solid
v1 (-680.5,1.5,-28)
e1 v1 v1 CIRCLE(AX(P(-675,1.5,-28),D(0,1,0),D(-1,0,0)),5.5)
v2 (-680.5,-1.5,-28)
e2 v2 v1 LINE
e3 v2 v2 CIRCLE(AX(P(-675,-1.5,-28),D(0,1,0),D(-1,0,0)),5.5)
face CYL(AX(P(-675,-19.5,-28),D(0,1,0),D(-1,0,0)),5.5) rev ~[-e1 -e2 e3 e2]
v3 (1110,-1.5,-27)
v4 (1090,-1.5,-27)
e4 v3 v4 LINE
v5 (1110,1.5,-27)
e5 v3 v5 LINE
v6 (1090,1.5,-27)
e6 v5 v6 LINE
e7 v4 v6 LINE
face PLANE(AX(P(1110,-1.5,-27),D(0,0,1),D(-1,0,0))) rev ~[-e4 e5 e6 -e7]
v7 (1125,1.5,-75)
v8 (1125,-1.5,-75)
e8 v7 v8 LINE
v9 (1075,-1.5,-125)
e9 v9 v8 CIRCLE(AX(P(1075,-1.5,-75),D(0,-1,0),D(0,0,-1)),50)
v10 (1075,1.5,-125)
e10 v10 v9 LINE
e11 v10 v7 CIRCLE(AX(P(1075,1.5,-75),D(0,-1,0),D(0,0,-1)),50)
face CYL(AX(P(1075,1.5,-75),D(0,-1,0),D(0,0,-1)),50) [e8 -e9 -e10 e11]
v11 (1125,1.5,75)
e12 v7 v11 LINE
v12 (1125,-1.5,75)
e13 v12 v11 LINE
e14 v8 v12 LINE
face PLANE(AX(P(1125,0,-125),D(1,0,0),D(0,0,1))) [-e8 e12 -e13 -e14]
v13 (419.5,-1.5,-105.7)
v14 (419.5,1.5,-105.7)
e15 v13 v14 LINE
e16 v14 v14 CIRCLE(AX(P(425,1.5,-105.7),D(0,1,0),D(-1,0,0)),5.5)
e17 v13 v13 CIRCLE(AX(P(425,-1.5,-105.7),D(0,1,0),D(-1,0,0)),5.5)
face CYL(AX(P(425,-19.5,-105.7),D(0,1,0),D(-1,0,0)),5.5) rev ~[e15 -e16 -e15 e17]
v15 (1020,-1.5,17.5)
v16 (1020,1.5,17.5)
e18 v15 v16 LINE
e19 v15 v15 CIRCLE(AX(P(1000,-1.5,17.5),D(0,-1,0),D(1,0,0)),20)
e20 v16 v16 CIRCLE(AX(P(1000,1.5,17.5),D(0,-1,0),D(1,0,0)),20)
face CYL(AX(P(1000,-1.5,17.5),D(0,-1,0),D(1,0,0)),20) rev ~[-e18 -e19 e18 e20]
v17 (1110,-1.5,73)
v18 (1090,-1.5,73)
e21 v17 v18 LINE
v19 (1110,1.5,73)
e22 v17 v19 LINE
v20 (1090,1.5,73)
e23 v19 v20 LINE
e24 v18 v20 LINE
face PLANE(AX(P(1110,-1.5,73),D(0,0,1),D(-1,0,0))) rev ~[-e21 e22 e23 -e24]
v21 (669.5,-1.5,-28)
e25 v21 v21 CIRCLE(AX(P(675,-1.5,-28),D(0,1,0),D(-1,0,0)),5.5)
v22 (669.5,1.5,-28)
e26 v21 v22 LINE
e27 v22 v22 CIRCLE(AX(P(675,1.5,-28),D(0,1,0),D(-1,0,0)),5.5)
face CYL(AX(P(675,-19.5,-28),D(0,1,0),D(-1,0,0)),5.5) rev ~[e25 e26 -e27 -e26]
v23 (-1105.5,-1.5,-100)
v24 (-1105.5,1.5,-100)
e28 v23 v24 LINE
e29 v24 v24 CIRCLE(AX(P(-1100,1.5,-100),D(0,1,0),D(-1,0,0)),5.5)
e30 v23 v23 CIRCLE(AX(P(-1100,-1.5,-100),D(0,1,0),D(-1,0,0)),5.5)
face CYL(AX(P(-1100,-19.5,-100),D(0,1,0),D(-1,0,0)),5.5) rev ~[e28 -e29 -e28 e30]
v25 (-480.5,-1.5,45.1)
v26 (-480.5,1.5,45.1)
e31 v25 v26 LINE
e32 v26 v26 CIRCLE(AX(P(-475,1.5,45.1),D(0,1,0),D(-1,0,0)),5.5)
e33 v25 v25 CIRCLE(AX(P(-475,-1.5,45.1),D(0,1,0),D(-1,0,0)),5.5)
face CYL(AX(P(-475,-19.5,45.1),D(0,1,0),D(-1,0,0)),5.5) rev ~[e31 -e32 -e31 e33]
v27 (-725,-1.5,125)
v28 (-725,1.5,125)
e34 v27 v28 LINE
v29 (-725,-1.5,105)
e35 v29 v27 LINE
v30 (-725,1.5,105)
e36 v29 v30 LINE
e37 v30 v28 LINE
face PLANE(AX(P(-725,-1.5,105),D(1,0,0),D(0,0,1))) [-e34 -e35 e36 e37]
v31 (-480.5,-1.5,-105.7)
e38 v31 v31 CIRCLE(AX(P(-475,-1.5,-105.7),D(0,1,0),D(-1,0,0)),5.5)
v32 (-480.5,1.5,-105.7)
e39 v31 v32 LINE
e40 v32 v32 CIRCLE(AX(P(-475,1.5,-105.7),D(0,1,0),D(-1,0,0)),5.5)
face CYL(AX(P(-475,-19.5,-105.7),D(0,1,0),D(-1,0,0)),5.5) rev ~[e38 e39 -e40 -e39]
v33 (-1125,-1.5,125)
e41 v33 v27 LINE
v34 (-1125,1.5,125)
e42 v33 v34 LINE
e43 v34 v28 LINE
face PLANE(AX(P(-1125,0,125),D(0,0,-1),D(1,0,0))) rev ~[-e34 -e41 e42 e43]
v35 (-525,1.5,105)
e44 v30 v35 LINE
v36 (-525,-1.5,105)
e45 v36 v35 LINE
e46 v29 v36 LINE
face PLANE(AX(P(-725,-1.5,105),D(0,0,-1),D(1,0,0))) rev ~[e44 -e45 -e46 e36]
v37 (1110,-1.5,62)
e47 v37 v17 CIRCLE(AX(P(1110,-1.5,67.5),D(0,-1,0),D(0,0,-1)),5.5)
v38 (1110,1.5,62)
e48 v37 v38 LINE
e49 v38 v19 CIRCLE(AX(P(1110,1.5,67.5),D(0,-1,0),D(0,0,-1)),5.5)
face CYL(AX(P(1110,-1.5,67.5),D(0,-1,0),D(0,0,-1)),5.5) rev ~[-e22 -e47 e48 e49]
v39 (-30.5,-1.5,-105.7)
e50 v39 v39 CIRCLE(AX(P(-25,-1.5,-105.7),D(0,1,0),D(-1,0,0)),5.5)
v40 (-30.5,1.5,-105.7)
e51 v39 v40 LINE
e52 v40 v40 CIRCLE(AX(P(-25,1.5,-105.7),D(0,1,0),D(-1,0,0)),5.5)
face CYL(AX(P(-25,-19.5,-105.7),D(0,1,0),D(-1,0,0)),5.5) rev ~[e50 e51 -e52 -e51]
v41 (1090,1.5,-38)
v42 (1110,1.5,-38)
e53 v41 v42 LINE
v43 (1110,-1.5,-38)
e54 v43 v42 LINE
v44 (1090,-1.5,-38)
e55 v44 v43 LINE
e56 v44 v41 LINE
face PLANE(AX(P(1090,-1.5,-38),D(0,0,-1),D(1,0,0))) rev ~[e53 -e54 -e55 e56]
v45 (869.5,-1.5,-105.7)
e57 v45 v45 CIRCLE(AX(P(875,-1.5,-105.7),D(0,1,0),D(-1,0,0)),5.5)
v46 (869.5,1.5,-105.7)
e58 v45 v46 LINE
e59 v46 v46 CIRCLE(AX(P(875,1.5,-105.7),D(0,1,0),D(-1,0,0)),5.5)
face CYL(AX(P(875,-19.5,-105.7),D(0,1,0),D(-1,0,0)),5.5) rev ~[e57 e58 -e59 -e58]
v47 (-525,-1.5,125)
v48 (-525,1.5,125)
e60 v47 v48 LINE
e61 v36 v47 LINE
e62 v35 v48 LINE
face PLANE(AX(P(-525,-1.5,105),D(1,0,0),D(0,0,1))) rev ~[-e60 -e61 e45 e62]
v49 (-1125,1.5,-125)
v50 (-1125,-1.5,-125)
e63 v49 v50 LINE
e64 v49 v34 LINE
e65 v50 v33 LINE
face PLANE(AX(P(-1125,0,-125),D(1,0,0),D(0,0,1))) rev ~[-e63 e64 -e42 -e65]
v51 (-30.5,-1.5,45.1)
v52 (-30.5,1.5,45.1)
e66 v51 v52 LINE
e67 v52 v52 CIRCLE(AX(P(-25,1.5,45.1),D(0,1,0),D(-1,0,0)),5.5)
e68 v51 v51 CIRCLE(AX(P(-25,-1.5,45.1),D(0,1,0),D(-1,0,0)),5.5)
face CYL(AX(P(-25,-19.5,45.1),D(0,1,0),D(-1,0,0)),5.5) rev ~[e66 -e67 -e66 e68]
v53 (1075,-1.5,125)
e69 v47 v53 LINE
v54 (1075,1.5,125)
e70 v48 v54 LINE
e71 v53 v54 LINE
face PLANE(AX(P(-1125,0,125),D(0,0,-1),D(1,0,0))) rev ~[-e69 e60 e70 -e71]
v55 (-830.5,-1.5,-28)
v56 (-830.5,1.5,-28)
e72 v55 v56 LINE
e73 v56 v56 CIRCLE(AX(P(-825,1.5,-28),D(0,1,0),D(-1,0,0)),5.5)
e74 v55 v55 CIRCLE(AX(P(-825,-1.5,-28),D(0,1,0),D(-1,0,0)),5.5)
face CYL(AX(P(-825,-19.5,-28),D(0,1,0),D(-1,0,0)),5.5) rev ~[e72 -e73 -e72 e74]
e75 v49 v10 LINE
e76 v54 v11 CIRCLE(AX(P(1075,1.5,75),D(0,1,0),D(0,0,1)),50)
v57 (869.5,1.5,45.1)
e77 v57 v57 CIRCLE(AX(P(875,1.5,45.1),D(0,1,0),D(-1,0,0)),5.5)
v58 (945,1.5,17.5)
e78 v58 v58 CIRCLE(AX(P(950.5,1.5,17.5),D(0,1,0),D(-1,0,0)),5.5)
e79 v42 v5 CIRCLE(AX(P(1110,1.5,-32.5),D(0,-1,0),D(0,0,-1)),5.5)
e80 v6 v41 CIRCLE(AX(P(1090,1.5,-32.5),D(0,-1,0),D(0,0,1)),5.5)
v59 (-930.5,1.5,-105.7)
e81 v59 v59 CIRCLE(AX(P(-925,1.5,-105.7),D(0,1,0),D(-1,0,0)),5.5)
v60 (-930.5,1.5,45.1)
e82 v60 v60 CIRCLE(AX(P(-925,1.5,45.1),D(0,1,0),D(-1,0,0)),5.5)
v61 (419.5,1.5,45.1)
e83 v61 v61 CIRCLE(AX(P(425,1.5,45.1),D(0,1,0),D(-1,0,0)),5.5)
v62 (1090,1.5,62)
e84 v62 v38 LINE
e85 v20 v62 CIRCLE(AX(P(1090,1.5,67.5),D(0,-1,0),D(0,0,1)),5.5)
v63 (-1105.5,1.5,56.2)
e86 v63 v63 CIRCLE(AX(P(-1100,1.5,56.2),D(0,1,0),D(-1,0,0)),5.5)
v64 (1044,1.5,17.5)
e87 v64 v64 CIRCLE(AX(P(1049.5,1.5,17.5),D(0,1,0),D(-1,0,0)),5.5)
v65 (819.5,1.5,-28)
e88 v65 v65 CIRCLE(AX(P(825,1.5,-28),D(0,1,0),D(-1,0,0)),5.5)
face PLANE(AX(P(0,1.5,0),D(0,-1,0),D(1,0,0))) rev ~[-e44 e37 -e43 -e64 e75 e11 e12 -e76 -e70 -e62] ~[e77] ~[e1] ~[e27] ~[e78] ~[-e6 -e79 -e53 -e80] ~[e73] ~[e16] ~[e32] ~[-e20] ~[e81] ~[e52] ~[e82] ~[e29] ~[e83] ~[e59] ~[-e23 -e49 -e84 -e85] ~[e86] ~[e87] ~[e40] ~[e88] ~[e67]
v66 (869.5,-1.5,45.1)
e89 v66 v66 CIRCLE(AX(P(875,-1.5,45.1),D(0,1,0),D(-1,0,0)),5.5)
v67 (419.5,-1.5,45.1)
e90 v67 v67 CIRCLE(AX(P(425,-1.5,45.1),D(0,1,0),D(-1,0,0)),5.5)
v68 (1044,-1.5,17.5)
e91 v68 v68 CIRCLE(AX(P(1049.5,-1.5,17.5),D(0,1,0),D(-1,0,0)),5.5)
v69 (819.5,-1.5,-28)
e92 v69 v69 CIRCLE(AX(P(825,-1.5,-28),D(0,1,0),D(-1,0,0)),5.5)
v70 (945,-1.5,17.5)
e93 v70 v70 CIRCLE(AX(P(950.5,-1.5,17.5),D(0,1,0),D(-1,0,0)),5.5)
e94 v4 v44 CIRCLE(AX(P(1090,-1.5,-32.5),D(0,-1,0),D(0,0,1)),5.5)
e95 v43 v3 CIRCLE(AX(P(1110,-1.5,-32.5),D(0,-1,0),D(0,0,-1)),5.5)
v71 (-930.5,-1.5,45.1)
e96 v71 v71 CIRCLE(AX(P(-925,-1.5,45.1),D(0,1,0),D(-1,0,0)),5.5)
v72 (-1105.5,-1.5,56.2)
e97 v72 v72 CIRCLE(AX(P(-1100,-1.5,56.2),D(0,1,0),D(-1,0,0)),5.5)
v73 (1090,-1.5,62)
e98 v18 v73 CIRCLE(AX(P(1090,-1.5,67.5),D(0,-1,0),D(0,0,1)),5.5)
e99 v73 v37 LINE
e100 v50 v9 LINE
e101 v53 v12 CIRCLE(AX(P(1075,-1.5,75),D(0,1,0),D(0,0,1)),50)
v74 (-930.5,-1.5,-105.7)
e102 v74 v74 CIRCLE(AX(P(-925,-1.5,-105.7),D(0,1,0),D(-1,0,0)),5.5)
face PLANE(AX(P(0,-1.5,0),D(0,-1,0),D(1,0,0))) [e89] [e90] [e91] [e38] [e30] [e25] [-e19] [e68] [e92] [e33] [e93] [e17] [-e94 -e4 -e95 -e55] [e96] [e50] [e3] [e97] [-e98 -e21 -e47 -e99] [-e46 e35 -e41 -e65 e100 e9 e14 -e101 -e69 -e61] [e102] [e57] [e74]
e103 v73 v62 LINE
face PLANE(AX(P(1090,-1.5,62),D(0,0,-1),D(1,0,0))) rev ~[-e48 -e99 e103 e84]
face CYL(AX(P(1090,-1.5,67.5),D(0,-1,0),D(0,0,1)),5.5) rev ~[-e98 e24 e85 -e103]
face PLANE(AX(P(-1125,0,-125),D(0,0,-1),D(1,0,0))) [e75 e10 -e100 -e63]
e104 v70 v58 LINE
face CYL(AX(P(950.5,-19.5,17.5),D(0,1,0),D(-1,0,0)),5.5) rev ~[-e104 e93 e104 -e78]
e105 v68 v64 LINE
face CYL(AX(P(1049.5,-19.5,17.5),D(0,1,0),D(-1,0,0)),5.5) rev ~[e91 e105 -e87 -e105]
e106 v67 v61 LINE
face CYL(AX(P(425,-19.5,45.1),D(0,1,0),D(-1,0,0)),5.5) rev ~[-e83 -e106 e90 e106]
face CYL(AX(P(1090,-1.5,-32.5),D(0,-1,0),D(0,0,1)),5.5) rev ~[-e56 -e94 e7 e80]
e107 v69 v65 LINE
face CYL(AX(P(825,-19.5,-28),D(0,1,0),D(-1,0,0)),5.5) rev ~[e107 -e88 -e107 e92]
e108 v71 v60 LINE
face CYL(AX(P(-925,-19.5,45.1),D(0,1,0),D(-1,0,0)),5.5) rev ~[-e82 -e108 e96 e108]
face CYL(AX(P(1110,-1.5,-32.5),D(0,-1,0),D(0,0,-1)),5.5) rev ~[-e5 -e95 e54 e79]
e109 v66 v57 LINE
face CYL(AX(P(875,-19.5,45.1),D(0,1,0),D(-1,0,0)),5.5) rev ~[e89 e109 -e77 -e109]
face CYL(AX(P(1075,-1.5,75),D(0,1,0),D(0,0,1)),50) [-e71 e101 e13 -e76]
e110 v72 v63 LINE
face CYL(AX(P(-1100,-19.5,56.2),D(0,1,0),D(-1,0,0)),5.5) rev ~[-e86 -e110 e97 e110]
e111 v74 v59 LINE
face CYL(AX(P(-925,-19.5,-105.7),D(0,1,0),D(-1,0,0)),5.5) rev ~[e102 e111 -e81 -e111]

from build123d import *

# Parameters (mm, degrees)
F0_W      = 2250
F0_H      = 250
F1_DEPTH  = 1.5
F3_D      = 11
F3_DEPTH  = 18
F3_TIP    = 3.3047334047
F5_DEPTH  = 3.001
F6_R      = 20
F7_DEPTH  = 3.001
F9_D      = 11
F9_DEPTH  = 18
F9_TIP    = 3.3047334047
F10_R     = 50
F11_W     = 200
F11_H     = 20
F12_DEPTH = 3.001


with BuildPart() as f1:
    # F0 (on Front) → F1 (new body, symmetric)
    with BuildSketch(Plane.XZ):
        Rectangle(F0_W, F0_H)
    extrude(amount=F1_DEPTH, both=True)

    # F3
    with Locations(Plane.XZ.offset(1.5)):
        with Locations((-1100, 56.2), (-1100, -100), (-925, -105.7), (-925, 45.1), (675, -28), (825, -28), (875, -105.7), (875, 45.1), (-475, 45.1), (-475, -105.7), (-25, -105.7), (-25, 45.1), (425, 45.1), (425, -105.7), (-825, -28), (-675, -28)):
            Hole(F3_D / 2, depth=F3_DEPTH)
            with Locations((0, 0, -(F3_DEPTH + F3_TIP / 2))):  # 118° drill point
                Cone(0, F3_D / 2, F3_TIP, mode=Mode.SUBTRACT)

    # F4 (on face) → F5 (cut, through all)
    with BuildSketch(Plane.XZ.offset(1.5)):
        with BuildLine():
            ThreePointArc((1110, 62), (1115.5, 67.5), (1110, 73))
            Line((1110, 73), (1090, 73))
            ThreePointArc((1090, 73), (1084.5, 67.5), (1090, 62))
            Line((1090, 62), (1110, 62))
        make_face()
        with BuildLine():
            ThreePointArc((1110, -38), (1115.5, -32.5), (1110, -27))
            Line((1110, -27), (1090, -27))
            ThreePointArc((1090, -27), (1084.5, -32.5), (1090, -38))
            Line((1090, -38), (1110, -38))
        make_face()
    extrude(amount=-F5_DEPTH, mode=Mode.SUBTRACT)

    # F6 (on face) → F7 (cut, through all)
    with BuildSketch(Plane.XZ.offset(1.5)):
        with Locations((1000, 17.5)):
            Circle(F6_R)
    extrude(amount=-F7_DEPTH, mode=Mode.SUBTRACT)

    # F9
    with Locations(Plane.XZ.offset(1.5)):
        with Locations((950.5, 17.5), (1049.5, 17.5)):
            Hole(F9_D / 2, depth=F9_DEPTH)
            with Locations((0, 0, -(F9_DEPTH + F9_TIP / 2))):  # 118° drill point
                Cone(0, F9_D / 2, F9_TIP, mode=Mode.SUBTRACT)

    # F10
    f10_edges = [f1.edges().sort_by_distance(p)[0] for p in [
        (1125, 0, 125),
        (1125, 0, -125),
    ]]
    fillet(f10_edges, radius=F10_R)

    # F11 (on face) → F12 (cut, through all)
    with BuildSketch(Plane.XZ.offset(1.5)):
        with Locations((-625, 115)):
            Rectangle(F11_W, F11_H)
    extrude(amount=-F12_DEPTH, mode=Mode.SUBTRACT)


solid = f1.part
